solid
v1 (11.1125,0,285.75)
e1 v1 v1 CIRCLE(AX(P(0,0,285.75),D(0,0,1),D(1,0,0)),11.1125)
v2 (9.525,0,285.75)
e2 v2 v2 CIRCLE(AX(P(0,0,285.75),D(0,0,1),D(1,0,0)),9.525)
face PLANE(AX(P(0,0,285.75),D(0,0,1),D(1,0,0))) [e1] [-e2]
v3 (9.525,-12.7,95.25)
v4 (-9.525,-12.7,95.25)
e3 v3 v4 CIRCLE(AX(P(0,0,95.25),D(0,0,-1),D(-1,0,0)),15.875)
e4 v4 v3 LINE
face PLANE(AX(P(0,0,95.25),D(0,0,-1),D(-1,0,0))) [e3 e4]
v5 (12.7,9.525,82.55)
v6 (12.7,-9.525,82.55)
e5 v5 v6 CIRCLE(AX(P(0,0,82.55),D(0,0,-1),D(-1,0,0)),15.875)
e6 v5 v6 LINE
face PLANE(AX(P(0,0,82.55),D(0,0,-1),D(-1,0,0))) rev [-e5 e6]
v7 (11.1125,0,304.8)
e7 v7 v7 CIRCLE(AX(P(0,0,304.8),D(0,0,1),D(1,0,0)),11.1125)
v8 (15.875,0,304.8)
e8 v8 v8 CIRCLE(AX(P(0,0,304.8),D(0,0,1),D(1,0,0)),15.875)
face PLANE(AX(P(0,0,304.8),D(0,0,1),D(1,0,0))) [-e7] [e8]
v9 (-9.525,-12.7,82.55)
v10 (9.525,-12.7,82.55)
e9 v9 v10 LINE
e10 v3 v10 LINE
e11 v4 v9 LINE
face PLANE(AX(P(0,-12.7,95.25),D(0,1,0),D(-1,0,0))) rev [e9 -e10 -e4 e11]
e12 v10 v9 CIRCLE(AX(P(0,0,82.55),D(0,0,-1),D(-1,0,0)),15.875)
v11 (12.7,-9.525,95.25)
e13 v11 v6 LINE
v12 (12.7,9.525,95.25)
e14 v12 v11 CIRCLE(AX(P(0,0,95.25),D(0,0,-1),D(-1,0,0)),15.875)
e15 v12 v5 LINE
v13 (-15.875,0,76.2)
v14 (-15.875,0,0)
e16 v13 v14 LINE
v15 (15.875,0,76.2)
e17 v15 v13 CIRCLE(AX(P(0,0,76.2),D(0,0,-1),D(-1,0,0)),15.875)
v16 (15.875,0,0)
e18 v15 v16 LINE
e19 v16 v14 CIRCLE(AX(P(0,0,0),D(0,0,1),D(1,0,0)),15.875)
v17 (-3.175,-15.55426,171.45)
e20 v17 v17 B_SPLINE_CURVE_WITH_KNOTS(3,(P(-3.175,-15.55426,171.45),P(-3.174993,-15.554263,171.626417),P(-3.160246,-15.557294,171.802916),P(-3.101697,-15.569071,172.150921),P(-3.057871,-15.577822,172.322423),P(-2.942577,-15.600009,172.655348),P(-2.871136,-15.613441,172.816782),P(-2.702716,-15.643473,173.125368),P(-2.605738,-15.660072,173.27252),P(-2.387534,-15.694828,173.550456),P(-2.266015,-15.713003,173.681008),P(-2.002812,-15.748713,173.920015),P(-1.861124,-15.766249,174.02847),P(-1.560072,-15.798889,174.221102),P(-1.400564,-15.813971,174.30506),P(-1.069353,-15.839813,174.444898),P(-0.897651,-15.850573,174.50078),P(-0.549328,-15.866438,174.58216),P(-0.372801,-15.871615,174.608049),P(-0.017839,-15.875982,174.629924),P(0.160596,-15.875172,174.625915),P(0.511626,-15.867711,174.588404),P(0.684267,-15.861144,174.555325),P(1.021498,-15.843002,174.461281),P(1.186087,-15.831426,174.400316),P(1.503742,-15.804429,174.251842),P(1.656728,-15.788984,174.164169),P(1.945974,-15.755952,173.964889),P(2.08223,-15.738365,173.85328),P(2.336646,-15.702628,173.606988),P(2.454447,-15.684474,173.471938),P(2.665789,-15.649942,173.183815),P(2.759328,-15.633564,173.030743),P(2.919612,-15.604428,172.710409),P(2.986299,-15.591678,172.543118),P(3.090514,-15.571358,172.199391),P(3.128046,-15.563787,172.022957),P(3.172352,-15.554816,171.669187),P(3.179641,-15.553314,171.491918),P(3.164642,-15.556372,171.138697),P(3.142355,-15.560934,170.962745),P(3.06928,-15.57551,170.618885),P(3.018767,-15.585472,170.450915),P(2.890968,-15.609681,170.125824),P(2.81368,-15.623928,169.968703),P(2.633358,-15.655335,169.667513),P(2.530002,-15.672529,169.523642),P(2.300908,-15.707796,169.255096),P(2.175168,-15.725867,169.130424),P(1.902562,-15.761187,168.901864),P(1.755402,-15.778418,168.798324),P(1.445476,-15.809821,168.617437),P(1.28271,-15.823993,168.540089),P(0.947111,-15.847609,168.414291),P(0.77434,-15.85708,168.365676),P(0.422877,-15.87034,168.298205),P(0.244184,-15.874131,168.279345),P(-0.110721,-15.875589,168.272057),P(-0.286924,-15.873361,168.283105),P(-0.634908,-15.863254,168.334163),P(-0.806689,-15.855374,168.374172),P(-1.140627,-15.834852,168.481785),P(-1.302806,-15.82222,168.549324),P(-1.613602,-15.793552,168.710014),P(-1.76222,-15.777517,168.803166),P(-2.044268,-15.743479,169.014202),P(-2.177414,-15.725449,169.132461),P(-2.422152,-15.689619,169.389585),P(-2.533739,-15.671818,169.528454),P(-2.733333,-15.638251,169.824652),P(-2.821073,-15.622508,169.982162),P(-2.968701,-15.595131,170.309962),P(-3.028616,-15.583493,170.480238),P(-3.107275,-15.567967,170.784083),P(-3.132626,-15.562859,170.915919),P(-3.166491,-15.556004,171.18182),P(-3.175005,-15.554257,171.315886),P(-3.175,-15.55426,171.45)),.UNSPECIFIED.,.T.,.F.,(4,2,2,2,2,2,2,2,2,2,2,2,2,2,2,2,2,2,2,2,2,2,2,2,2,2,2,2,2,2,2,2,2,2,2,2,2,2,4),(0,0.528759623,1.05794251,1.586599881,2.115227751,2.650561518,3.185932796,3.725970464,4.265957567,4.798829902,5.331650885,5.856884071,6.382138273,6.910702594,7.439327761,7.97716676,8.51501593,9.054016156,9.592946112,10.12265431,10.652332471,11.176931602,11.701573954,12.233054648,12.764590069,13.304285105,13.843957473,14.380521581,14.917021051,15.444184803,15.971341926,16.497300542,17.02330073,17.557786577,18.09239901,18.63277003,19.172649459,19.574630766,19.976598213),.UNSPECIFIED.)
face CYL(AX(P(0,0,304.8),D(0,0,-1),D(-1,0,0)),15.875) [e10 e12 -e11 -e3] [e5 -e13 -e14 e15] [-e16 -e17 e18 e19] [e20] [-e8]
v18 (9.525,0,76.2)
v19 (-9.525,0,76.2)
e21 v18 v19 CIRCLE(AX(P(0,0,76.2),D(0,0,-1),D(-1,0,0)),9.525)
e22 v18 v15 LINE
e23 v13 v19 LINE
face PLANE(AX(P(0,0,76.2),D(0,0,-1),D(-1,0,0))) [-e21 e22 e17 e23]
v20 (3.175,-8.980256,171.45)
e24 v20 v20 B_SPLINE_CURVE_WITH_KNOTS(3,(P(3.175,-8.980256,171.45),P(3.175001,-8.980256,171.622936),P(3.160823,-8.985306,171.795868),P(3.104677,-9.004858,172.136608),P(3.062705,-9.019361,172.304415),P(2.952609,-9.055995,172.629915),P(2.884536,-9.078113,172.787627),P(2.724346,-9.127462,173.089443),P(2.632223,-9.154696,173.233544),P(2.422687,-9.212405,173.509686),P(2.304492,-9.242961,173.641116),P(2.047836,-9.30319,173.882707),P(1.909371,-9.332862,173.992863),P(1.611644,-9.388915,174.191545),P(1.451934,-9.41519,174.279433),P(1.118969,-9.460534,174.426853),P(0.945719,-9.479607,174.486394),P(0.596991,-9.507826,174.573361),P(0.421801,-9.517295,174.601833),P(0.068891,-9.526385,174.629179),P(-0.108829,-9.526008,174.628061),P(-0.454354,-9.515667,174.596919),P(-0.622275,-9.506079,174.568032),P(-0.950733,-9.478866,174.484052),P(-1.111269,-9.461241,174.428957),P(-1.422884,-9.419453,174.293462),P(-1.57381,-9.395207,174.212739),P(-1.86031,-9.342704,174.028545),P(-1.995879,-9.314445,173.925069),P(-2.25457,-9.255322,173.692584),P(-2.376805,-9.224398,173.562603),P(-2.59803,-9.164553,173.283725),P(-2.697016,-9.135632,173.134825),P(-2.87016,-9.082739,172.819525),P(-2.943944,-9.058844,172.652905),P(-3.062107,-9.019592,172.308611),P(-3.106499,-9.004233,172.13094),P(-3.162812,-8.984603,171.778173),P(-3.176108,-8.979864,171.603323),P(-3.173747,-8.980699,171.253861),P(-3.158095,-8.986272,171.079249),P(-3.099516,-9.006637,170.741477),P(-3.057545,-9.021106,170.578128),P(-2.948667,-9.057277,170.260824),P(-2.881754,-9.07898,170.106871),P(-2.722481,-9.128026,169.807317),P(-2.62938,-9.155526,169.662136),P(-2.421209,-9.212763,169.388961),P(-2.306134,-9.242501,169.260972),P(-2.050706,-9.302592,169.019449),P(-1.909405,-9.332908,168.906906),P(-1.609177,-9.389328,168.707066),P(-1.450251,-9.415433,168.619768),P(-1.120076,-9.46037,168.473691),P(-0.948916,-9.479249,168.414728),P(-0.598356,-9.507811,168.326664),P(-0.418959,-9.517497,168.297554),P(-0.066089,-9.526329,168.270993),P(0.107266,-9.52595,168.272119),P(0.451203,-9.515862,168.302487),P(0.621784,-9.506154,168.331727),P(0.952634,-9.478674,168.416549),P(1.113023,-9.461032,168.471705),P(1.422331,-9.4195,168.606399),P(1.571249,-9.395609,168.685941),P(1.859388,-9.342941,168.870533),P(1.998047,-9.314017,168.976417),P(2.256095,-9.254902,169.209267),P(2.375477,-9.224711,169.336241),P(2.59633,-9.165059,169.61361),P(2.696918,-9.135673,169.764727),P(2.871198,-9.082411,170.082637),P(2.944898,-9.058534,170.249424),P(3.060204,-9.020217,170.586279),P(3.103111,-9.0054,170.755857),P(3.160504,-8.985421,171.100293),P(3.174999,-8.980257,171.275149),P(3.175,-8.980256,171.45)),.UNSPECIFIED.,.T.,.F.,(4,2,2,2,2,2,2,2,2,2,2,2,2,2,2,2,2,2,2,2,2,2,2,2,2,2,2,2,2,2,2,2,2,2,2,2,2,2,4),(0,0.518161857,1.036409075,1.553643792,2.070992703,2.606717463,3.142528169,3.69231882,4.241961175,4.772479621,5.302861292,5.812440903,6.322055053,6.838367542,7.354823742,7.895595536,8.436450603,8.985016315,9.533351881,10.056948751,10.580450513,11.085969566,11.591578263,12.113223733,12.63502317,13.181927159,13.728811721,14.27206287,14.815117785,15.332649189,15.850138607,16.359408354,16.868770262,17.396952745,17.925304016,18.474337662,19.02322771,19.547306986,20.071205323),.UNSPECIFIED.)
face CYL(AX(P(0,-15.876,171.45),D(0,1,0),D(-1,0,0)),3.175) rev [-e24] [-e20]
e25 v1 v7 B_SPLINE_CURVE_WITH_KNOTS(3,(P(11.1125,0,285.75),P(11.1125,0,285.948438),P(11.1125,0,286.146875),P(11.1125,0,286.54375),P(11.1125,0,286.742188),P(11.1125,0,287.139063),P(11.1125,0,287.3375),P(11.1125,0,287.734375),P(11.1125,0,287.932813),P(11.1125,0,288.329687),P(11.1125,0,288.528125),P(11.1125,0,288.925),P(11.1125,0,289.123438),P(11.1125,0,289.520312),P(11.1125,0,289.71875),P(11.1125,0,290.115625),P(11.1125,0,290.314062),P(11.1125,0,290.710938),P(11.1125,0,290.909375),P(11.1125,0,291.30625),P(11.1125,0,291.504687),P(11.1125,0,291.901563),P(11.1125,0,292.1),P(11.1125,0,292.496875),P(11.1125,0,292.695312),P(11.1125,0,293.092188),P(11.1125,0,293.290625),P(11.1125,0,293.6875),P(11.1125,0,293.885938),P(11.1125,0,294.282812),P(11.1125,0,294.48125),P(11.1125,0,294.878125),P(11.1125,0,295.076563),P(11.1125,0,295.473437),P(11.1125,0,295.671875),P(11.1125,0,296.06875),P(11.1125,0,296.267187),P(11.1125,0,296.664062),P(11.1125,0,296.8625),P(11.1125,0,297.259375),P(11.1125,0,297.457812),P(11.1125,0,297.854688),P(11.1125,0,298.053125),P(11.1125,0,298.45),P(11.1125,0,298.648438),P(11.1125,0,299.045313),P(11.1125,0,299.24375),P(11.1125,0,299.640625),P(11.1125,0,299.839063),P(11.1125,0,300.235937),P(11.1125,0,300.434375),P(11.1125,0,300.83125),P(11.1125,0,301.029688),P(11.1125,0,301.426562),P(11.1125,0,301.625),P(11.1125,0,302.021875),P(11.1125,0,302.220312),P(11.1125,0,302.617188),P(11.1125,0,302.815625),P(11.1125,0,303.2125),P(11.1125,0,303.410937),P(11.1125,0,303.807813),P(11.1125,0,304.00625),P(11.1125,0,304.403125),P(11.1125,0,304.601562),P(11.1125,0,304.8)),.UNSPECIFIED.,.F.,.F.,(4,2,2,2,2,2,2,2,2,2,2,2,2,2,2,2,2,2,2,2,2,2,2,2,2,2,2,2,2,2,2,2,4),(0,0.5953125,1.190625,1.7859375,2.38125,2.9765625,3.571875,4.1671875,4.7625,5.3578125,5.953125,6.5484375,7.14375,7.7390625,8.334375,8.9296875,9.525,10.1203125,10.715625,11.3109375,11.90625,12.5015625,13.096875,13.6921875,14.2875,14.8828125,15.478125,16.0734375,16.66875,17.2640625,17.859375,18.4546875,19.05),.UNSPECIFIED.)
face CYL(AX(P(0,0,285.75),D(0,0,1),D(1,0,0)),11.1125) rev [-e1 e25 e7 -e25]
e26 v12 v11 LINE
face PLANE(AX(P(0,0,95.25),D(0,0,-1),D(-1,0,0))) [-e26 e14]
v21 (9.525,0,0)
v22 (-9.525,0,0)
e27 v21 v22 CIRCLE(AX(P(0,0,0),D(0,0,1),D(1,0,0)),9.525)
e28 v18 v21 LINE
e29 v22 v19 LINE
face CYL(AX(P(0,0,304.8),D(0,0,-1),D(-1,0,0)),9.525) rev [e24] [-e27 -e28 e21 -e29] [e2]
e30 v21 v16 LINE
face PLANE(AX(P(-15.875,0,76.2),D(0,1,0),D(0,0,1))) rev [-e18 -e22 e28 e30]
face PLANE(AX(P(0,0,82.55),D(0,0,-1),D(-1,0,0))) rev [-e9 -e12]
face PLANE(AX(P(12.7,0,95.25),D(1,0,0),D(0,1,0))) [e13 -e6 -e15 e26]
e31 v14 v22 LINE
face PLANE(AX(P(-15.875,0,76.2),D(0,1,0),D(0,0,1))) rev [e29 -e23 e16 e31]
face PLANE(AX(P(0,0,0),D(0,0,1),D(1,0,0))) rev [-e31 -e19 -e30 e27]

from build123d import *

# Parameters (mm, degrees)
SKETCH1_R                           = 15.875
SKETCH1_R_2                         = 9.525
BOSS_EXTRUDE1_DEPTH                 = 304.8
SKETCH2_R                           = 11.1125
CUT_EXTRUDE1_DEPTH                  = 19.05
CUT_EXTRUDE4_DEPTH                  = 76.2
CUT_EXTRUDE7_DEPTH                  = 12.7
CUT_EXTRUDE8_REACH                  = 308.548
CUT_EXTRUDE8_END_RADIUS             = 9.525
CUT_EXTRUDE8_DIRECTION_2_REACH      = 308.548
CUT_EXTRUDE8_DIRECTION_2_END_RADIUS = 15.875


with BuildPart() as part:
    # Sketch1 → Boss-Extrude1 (new body)
    with BuildSketch(Plane.XY):
        with Locations(Location((0, 0, 0), (0, 0, 180))):
            Circle(SKETCH1_R)
        with Locations(Location((0, 0, 0), (0, 0, 180))):
            Circle(SKETCH1_R_2, mode=Mode.SUBTRACT)
    extrude(amount=BOSS_EXTRUDE1_DEPTH)

    # Sketch2 → Cut-Extrude1 (cut)
    with BuildSketch(Plane.XY.offset(304.8)):
        Circle(SKETCH2_R)
    extrude(amount=-CUT_EXTRUDE1_DEPTH, mode=Mode.SUBTRACT)

    # Sketch6 → Cut-Extrude4 (cut)
    with BuildSketch(Plane(origin=(0, 0, 0), x_dir=(-1, 0, 0), z_dir=(0, 0, -1))):
        with BuildLine():
            Line((15.875, 0), (-15.875, 0))
            ThreePointArc((-15.875, 0), (0, -15.875), (15.875, 0))
        make_face()
    extrude(amount=-CUT_EXTRUDE4_DEPTH, mode=Mode.SUBTRACT)

    # Sketch8 → Cut-Extrude7 (cut)
    with BuildSketch(Plane(origin=(0, 0, 82.55), x_dir=(-1, 0, 0), z_dir=(0, 0, -1))):
        with BuildLine():
            ThreePointArc((-9.525, -12.7), (0, -15.875), (9.525, -12.7))
            Line((9.525, -12.7), (-9.525, -12.7))
        make_face()
        with BuildLine():
            Line((-12.7, -9.525), (-12.7, 9.525))
            ThreePointArc((-12.7, 9.525), (-15.875, 0), (-12.7, -9.525))
        make_face()
    extrude(amount=-CUT_EXTRUDE7_DEPTH, mode=Mode.SUBTRACT)

    # Cut-Extrude8: up to this cylinder (the profile starts outside it)
    cut_extrude8_end = Plane(origin=(0, 0, 171.45), z_dir=(0, 0, -1)) * Cylinder(CUT_EXTRUDE8_END_RADIUS, 637.146, mode=Mode.PRIVATE)
    # Sketch9 → Cut-Extrude8 (cut, up to the surface)
    with BuildSketch(Plane.XZ.offset(12.7), mode=Mode.PRIVATE) as cut_extrude8_sk1:
        with BuildLine():
            ThreePointArc((0, 174.625), (-3.175, 171.45), (0, 168.275))
            Line((0, 168.275), (0, 174.625))
        make_face()
    cut_extrude8_tool1 = extrude(cut_extrude8_sk1.sketch, amount=-CUT_EXTRUDE8_REACH, mode=Mode.PRIVATE) - cut_extrude8_end
    add(cut_extrude8_tool1.solids().sort_by_distance((-1.347512, -12.7, 171.45))[0], mode=Mode.SUBTRACT)
    # Sketch9 → Cut-Extrude8 (cut, up to the surface)
    with BuildSketch(Plane.XZ.offset(12.7), mode=Mode.PRIVATE) as cut_extrude8_sk2:
        with BuildLine():
            Line((0, 174.625), (0, 168.275))
            ThreePointArc((0, 168.275), (2.24506403, 169.20493597), (3.175, 171.45))
            ThreePointArc((3.175, 171.45), (2.24506403, 173.69506403), (0, 174.625))
        make_face()
    cut_extrude8_tool2 = extrude(cut_extrude8_sk2.sketch, amount=-CUT_EXTRUDE8_REACH, mode=Mode.PRIVATE) - cut_extrude8_end
    add(cut_extrude8_tool2.solids().sort_by_distance((1.347512, -12.7, 171.45))[0], mode=Mode.SUBTRACT)
    # Sketch9 → Cut-Extrude8 (cut, up to the surface)
    with BuildSketch(Plane.XZ.offset(12.7), mode=Mode.PRIVATE) as cut_extrude8_sk3:
        with BuildLine():
            ThreePointArc((0, 174.625), (-3.175, 171.45), (0, 168.275))
            Line((0, 168.275), (0, 174.625))
        make_face()
    cut_extrude8_tool3 = extrude(cut_extrude8_sk3.sketch, amount=-CUT_EXTRUDE8_REACH, mode=Mode.PRIVATE) - cut_extrude8_end
    add(cut_extrude8_tool3.solids().sort_by_distance((-1.347512, -12.7, 171.45))[0], mode=Mode.SUBTRACT)
    # Sketch9 → Cut-Extrude8 (cut, up to the surface)
    with BuildSketch(Plane.XZ.offset(12.7), mode=Mode.PRIVATE) as cut_extrude8_sk4:
        with BuildLine():
            Line((0, 174.625), (0, 168.275))
            ThreePointArc((0, 168.275), (2.24506403, 169.20493597), (3.175, 171.45))
            ThreePointArc((3.175, 171.45), (2.24506403, 173.69506403), (0, 174.625))
        make_face()
    cut_extrude8_tool4 = extrude(cut_extrude8_sk4.sketch, amount=-CUT_EXTRUDE8_REACH, mode=Mode.PRIVATE) - cut_extrude8_end
    add(cut_extrude8_tool4.solids().sort_by_distance((1.347512, -12.7, 171.45))[0], mode=Mode.SUBTRACT)

    # Cut-Extrude8 direction 2: up to this cylinder (the profile starts inside it)
    cut_extrude8_direction_2_end = Plane(origin=(0, 0, 171.45), z_dir=(0, 0, -1)) * Cylinder(CUT_EXTRUDE8_DIRECTION_2_END_RADIUS, 649.846, mode=Mode.PRIVATE)
    # Sketch9 → Cut-Extrude8 direction 2 (cut, up to the surface)
    with BuildSketch(Plane.XZ.offset(12.7), mode=Mode.PRIVATE) as cut_extrude8_direction_2_sk1:
        with BuildLine():
            ThreePointArc((0, 174.625), (-3.175, 171.45), (0, 168.275))
            Line((0, 168.275), (0, 174.625))
        make_face()
    cut_extrude8_direction_2_tool1 = extrude(cut_extrude8_direction_2_sk1.sketch, amount=CUT_EXTRUDE8_DIRECTION_2_REACH, mode=Mode.PRIVATE) & cut_extrude8_direction_2_end
    add(cut_extrude8_direction_2_tool1.solids().sort_by_distance((-1.347512, -12.7, 171.45))[0], mode=Mode.SUBTRACT)
    # Sketch9 → Cut-Extrude8 direction 2 (cut, up to the surface)
    with BuildSketch(Plane.XZ.offset(12.7), mode=Mode.PRIVATE) as cut_extrude8_direction_2_sk2:
        with BuildLine():
            Line((0, 174.625), (0, 168.275))
            ThreePointArc((0, 168.275), (2.24506403, 169.20493597), (3.175, 171.45))
            ThreePointArc((3.175, 171.45), (2.24506403, 173.69506403), (0, 174.625))
        make_face()
    cut_extrude8_direction_2_tool2 = extrude(cut_extrude8_direction_2_sk2.sketch, amount=CUT_EXTRUDE8_DIRECTION_2_REACH, mode=Mode.PRIVATE) & cut_extrude8_direction_2_end
    add(cut_extrude8_direction_2_tool2.solids().sort_by_distance((1.347512, -12.7, 171.45))[0], mode=Mode.SUBTRACT)
    # Sketch9 → Cut-Extrude8 direction 2 (cut, up to the surface)
    with BuildSketch(Plane.XZ.offset(12.7), mode=Mode.PRIVATE) as cut_extrude8_direction_2_sk3:
        with BuildLine():
            ThreePointArc((0, 174.625), (-3.175, 171.45), (0, 168.275))
            Line((0, 168.275), (0, 174.625))
        make_face()
    cut_extrude8_direction_2_tool3 = extrude(cut_extrude8_direction_2_sk3.sketch, amount=CUT_EXTRUDE8_DIRECTION_2_REACH, mode=Mode.PRIVATE) & cut_extrude8_direction_2_end
    add(cut_extrude8_direction_2_tool3.solids().sort_by_distance((-1.347512, -12.7, 171.45))[0], mode=Mode.SUBTRACT)
    # Sketch9 → Cut-Extrude8 direction 2 (cut, up to the surface)
    with BuildSketch(Plane.XZ.offset(12.7), mode=Mode.PRIVATE) as cut_extrude8_direction_2_sk4:
        with BuildLine():
            Line((0, 174.625), (0, 168.275))
            ThreePointArc((0, 168.275), (2.24506403, 169.20493597), (3.175, 171.45))
            ThreePointArc((3.175, 171.45), (2.24506403, 173.69506403), (0, 174.625))
        make_face()
    cut_extrude8_direction_2_tool4 = extrude(cut_extrude8_direction_2_sk4.sketch, amount=CUT_EXTRUDE8_DIRECTION_2_REACH, mode=Mode.PRIVATE) & cut_extrude8_direction_2_end
    add(cut_extrude8_direction_2_tool4.solids().sort_by_distance((1.347512, -12.7, 171.45))[0], mode=Mode.SUBTRACT)


solid = part.part
